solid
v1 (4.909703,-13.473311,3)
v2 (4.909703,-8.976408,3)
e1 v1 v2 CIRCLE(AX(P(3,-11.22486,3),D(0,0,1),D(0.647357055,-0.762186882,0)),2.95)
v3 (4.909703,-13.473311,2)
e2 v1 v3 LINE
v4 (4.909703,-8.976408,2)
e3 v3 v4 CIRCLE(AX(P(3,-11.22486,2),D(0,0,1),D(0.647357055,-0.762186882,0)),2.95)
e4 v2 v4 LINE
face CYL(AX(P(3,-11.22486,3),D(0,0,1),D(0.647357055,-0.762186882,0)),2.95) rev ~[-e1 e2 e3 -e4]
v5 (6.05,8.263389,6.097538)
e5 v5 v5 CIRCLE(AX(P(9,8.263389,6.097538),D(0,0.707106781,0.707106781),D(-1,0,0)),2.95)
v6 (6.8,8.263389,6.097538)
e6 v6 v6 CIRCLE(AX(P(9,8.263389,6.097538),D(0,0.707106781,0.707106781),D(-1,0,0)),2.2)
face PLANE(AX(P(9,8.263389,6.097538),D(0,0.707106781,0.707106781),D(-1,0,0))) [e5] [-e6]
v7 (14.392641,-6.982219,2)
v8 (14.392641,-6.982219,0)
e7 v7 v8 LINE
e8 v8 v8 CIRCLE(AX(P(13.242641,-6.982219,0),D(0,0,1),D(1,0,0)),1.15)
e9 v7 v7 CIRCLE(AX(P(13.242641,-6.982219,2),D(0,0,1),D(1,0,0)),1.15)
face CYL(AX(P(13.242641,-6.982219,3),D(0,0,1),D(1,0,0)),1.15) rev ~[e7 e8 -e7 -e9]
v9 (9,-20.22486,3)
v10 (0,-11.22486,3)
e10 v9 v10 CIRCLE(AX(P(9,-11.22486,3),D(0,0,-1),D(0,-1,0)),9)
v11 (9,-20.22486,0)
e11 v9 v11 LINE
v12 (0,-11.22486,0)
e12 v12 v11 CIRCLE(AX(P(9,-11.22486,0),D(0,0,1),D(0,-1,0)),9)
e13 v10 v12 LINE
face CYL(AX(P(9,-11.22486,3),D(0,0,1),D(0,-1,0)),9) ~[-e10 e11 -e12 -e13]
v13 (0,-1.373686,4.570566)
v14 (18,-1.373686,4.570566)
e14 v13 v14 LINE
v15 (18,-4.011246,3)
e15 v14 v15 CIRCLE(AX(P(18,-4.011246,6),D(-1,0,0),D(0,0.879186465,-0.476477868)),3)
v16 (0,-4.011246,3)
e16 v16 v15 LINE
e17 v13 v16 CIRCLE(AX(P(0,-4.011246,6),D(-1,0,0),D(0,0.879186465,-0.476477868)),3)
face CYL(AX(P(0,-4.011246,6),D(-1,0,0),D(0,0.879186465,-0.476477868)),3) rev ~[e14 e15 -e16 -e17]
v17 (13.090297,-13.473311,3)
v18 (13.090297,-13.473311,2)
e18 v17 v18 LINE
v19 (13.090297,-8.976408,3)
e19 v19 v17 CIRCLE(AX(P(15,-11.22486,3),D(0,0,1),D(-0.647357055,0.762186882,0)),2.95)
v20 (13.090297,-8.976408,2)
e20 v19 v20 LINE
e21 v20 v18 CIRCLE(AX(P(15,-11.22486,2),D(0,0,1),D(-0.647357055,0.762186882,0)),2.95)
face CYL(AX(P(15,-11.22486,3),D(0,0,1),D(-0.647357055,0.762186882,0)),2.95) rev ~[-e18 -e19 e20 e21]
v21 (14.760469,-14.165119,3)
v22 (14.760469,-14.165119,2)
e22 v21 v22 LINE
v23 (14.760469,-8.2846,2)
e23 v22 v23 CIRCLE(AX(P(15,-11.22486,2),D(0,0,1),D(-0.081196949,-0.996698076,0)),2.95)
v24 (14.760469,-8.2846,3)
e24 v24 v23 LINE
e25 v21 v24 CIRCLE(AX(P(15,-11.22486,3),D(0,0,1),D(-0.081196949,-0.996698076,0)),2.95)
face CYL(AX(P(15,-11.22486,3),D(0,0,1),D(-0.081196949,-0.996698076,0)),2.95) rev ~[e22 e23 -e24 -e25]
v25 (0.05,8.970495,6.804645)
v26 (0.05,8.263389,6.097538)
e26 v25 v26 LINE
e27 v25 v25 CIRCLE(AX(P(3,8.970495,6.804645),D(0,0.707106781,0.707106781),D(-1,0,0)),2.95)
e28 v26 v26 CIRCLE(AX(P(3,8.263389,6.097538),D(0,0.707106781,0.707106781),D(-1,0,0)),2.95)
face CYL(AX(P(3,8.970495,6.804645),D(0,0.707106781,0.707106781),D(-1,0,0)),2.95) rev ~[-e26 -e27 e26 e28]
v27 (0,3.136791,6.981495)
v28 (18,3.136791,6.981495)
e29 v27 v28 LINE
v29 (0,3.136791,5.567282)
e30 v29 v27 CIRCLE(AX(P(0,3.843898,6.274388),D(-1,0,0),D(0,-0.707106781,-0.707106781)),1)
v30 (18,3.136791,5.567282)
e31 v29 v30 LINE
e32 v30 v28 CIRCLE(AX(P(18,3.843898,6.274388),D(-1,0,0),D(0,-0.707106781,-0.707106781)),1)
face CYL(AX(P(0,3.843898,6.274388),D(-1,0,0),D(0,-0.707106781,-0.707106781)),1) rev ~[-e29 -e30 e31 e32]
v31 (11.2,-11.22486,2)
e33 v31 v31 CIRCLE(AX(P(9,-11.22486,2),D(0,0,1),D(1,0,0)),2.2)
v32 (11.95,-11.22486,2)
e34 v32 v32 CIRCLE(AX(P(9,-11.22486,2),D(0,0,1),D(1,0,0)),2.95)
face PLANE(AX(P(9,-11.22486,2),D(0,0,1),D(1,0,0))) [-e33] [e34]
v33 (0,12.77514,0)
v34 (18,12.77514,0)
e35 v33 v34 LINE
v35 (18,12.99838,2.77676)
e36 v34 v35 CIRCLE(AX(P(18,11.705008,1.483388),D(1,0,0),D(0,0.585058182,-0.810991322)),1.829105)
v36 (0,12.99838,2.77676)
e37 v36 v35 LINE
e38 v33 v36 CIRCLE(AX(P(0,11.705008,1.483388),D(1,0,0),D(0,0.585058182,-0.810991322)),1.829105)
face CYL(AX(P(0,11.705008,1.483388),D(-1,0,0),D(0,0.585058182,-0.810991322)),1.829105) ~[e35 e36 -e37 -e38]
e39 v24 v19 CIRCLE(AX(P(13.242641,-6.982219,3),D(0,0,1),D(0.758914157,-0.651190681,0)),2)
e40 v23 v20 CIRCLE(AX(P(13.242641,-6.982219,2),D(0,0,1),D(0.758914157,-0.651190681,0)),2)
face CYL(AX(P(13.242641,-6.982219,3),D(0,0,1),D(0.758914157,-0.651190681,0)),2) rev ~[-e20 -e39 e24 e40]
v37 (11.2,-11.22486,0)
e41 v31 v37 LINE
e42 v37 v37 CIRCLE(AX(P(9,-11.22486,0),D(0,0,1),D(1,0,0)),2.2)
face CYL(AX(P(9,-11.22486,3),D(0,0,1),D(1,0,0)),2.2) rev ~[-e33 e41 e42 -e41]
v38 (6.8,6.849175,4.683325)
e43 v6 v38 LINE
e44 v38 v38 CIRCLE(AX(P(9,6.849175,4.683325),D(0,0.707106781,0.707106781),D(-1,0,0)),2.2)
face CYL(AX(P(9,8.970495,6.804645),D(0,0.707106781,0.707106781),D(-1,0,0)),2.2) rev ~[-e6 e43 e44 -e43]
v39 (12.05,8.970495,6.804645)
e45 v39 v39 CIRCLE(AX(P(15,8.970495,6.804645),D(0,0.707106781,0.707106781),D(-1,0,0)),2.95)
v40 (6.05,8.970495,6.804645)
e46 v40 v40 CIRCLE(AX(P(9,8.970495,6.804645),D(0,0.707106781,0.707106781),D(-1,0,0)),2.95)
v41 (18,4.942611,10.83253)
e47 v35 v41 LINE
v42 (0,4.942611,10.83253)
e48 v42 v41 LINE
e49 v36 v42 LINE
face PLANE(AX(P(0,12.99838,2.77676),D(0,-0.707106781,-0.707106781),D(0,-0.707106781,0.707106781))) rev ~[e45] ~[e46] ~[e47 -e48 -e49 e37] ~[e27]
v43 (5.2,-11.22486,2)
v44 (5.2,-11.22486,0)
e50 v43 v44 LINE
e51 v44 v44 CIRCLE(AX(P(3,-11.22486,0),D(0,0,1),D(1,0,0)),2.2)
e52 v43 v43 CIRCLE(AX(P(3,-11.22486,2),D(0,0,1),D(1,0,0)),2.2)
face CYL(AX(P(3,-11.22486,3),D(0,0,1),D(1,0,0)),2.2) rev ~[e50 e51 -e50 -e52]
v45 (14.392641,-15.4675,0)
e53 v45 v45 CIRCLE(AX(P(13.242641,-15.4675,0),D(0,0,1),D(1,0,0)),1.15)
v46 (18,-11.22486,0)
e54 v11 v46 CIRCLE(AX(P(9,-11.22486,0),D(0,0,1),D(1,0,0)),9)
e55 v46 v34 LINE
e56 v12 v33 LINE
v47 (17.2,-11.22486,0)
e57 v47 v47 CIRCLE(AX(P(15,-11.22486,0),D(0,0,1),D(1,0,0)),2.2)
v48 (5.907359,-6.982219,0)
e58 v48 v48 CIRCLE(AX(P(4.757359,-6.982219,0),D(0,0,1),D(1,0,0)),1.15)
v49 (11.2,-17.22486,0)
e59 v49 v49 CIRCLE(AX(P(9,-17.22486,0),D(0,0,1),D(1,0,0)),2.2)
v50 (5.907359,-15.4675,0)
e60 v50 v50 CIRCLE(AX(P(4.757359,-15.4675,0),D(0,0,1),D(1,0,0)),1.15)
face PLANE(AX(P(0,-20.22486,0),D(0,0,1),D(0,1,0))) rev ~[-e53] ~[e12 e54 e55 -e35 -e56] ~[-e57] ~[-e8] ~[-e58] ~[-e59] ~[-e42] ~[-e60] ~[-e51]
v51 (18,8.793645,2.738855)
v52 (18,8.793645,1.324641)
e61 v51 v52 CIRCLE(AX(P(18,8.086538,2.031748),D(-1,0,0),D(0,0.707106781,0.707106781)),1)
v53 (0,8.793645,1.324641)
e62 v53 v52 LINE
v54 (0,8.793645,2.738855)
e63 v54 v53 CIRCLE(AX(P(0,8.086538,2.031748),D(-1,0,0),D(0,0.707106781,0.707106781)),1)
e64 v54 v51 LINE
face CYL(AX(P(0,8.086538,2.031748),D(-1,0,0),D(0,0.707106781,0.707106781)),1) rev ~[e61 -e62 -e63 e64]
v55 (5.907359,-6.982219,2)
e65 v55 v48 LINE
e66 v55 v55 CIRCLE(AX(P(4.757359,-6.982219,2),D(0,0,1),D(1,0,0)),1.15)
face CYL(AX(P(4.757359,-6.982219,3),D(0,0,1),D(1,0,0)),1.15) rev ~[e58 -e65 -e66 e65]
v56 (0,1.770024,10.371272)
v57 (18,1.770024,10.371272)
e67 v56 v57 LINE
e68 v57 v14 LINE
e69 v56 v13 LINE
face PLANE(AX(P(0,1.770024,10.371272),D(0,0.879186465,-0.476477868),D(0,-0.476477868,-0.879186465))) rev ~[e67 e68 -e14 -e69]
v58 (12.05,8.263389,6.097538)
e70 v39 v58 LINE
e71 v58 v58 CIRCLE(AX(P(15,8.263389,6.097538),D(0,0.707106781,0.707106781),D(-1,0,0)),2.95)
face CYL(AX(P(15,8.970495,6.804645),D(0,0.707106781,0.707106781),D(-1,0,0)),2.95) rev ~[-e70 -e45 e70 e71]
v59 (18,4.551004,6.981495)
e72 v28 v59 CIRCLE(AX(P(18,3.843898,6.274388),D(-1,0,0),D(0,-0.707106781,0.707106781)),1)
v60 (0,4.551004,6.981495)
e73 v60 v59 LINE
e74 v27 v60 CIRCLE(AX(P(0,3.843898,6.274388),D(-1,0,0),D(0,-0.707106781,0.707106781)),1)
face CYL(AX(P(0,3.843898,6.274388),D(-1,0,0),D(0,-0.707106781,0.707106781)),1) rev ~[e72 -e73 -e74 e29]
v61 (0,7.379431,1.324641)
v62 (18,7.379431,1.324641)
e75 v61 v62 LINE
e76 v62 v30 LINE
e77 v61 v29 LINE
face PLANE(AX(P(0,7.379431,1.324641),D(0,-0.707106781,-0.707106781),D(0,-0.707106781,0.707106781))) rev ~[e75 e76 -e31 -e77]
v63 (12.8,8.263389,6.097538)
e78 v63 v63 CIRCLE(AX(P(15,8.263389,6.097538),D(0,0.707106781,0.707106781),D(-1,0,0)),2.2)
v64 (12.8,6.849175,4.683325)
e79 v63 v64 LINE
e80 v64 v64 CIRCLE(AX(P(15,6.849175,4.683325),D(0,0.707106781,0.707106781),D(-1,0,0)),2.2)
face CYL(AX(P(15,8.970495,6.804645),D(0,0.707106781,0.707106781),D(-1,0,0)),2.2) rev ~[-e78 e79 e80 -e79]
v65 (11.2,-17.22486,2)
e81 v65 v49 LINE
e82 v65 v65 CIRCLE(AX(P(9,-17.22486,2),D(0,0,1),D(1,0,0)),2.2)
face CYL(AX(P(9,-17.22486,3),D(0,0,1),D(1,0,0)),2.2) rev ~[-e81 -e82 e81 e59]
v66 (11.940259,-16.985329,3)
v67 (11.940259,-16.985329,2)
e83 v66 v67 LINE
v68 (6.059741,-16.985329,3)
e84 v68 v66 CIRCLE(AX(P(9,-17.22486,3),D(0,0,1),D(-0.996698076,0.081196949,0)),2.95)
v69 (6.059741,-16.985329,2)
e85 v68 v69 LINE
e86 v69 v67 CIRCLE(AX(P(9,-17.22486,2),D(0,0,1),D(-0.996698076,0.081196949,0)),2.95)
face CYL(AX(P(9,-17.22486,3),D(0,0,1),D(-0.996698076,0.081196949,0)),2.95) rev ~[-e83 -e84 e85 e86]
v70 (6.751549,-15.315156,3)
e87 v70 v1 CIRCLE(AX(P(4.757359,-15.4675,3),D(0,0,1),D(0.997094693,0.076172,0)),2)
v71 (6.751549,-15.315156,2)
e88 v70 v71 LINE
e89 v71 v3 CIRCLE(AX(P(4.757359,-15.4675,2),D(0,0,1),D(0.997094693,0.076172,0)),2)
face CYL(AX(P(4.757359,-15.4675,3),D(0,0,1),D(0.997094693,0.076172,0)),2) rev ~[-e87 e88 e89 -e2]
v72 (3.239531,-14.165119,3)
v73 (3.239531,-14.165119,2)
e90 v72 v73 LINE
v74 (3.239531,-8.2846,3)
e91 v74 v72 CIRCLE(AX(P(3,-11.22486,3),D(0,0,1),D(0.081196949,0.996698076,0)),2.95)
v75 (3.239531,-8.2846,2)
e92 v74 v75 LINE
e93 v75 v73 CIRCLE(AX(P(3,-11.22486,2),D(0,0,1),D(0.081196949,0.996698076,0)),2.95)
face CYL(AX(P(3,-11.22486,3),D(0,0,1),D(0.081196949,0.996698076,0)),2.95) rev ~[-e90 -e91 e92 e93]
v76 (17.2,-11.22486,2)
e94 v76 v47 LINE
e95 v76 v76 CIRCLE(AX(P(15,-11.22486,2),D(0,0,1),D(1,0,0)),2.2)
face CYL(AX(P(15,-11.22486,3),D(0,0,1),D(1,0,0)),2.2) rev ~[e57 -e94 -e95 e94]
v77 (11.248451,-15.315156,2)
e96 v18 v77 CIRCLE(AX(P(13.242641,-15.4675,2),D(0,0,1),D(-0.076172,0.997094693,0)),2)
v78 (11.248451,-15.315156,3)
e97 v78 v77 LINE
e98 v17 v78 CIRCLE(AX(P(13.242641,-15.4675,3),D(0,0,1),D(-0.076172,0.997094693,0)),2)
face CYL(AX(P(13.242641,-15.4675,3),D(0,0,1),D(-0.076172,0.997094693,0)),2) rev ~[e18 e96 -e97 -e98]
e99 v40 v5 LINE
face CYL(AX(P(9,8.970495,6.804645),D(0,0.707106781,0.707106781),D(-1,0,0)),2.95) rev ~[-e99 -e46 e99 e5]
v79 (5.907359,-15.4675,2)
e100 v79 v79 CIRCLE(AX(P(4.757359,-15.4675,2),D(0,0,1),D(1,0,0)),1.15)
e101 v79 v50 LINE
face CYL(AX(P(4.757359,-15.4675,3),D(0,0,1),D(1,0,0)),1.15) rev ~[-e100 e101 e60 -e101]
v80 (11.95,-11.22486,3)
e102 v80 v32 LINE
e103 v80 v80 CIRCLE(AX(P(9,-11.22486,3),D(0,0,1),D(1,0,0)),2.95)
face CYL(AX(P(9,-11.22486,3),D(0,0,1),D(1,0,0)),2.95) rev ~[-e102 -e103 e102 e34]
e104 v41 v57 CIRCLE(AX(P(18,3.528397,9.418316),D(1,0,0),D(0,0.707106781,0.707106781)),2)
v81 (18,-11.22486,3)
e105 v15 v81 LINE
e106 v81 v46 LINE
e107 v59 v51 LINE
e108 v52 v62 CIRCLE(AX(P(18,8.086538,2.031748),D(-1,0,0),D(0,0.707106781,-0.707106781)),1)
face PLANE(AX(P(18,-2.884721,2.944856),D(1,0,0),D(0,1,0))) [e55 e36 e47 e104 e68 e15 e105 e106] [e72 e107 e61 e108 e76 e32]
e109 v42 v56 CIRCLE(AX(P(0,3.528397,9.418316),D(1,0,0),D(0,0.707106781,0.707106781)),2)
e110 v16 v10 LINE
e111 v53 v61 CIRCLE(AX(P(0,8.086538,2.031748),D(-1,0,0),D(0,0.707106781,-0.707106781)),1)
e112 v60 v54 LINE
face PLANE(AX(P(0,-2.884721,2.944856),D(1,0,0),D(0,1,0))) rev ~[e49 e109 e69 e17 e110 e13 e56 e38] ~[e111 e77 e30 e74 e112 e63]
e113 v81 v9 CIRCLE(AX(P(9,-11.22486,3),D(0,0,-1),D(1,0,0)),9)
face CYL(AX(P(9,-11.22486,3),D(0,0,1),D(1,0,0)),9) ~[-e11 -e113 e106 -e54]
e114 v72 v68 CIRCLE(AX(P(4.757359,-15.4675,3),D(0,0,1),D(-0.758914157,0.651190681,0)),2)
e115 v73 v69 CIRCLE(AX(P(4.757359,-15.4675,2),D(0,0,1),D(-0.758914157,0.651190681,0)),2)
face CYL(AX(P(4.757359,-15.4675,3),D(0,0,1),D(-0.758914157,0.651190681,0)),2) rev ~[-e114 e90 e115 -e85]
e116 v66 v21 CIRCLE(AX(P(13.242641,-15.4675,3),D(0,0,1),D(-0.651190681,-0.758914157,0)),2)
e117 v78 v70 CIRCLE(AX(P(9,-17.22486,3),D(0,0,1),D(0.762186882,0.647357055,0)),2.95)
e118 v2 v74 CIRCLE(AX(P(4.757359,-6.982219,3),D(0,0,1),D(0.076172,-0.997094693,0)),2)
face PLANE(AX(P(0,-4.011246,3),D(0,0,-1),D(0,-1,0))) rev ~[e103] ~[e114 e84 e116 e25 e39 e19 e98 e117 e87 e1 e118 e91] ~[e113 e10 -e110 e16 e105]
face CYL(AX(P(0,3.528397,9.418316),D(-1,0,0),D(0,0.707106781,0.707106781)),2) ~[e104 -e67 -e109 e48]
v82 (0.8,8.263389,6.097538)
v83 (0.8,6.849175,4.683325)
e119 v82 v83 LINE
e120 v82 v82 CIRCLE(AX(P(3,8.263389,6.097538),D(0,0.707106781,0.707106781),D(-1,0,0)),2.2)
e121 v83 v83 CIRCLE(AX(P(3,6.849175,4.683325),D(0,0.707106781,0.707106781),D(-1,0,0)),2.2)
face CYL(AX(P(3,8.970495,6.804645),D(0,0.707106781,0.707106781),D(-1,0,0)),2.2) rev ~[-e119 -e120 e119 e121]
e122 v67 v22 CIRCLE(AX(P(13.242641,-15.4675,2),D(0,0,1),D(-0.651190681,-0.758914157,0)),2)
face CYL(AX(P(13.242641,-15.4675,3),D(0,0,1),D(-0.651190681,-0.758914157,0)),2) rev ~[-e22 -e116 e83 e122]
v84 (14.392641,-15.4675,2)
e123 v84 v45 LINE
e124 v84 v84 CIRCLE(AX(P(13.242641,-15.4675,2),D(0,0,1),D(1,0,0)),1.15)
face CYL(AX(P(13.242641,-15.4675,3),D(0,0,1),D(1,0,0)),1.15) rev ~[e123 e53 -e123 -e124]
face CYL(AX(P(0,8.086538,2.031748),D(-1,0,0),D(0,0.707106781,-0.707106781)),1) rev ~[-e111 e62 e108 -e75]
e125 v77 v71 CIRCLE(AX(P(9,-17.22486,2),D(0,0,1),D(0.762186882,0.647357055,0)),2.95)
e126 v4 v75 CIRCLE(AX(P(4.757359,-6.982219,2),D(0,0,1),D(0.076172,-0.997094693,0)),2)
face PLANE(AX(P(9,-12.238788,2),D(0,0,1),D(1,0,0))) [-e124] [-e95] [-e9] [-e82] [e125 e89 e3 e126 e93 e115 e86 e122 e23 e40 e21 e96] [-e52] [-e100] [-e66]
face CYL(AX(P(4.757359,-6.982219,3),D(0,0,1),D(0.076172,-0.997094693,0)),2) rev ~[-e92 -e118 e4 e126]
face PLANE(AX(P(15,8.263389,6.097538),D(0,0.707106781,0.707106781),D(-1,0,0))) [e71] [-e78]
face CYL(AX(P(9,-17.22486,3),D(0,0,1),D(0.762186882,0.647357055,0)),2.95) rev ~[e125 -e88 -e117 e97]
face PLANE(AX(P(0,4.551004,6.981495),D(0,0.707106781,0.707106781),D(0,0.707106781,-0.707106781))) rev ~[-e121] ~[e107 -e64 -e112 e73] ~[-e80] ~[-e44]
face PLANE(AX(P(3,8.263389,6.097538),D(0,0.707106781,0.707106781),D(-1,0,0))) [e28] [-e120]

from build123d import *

# Parameters (mm, degrees)
F1_DEPTH = 18
F2_R     = 2.2
F2_R_2   = 1.15
F3_DEPTH = 3.001
F2_R_3   = 2.95
F4_DEPTH = 1
F5_R     = 2.2
F6_DEPTH = 3
F5_R_2   = 2.95
F7_DEPTH = 1


with BuildPart() as f1:
    # F0 (on Right) → F1 (new body)
    with BuildSketch(Plane.YZ):
        with BuildLine():
            Line((-20.2248597033, 3), (-20.2248597033, 0))
            Line((-20.2248597033, 0), (12.7751402967, 0))
            ThreePointArc((12.7751402967, 0), (13.5282296336, 1.3368087613), (12.9983799607, 2.776760336))
            Line((12.9983799607, 2.776760336), (4.9426106974, 10.8325295992))
            ThreePointArc((4.9426106974, 10.8325295992), (3.2406453095, 11.3975075099), (1.7700242043, 10.3712717737))
            Line((1.7700242043, 10.3712717737), (-1.373686309, 4.5705663947))
            ThreePointArc((-1.373686309, 4.5705663947), (-2.4763679927, 3.4223750451), (-4.0112457051, 3))
            Line((-4.0112457051, 3), (-20.2248597033, 3))
        make_face()
        with BuildLine():
            Line((4.5510043656, 6.9814952439), (8.7936450527, 2.7388545568))
            ThreePointArc((8.7936450527, 2.7388545568), (9.0865382716, 2.0317477756), (8.7936450527, 1.3246409944))
            ThreePointArc((8.7936450527, 1.3246409944), (8.0865382716, 1.0317477756), (7.3794314904, 1.3246409944))
            Line((7.3794314904, 1.3246409944), (3.1367908032, 5.5672816816))
            ThreePointArc((3.1367908032, 5.5672816816), (2.8438975844, 6.2743884627), (3.1367908032, 6.9814952439))
            ThreePointArc((3.1367908032, 6.9814952439), (3.8438975844, 7.2743884627), (4.5510043656, 6.9814952439))
        make_face(mode=Mode.SUBTRACT)
    extrude(amount=F1_DEPTH)

    # F2 (on face) → F3 (cut, through all)
    with BuildSketch(Plane.XY.offset(3)):
        with Locations((9, -11.2248597033)):
            Circle(F2_R)
        with Locations((3, -11.2248597033)):
            Circle(F2_R)
        with Locations((4.7573593129, -6.9822190162)):
            Circle(F2_R_2)
        with Locations((4.7573593129, -15.4675003905)):
            Circle(F2_R_2)
        with Locations((9, -17.2248597033)):
            Circle(F2_R)
        with Locations((13.2426406871, -15.4675003905)):
            Circle(F2_R_2)
        with Locations((15, -11.2248597033)):
            Circle(F2_R)
        with Locations((13.2426406871, -6.9822190162)):
            Circle(F2_R_2)
        with BuildLine():
            ThreePointArc((9, -20.2248597033), (2.6360389693, -17.588820734), (0, -11.2248597033))
            Line((0, -11.2248597033), (0, -20.2248597033))
            Line((0, -20.2248597033), (9, -20.2248597033))
        make_face()
        with BuildLine():
            ThreePointArc((18, -11.2248597033), (15.3639610307, -17.588820734), (9, -20.2248597033))
            Line((9, -20.2248597033), (18, -20.2248597033))
            Line((18, -20.2248597033), (18, -11.2248597033))
        make_face()
    extrude(amount=-F3_DEPTH, mode=Mode.SUBTRACT)

    # F2 (on face) → F4 (cut)
    with BuildSketch(Plane.XY.offset(3)):
        with BuildLine():
            ThreePointArc((4.9097033132, -8.9764084018), (5.5227261776, -5.1344599512), (3.2395309996, -8.284600378))
            ThreePointArc((3.2395309996, -8.284600378), (0.05, -11.2248597033), (3.2395309996, -14.1651190287))
            ThreePointArc((3.2395309996, -14.1651190287), (3.3431457505, -16.8817139528), (6.0597406747, -16.9853287037))
            ThreePointArc((6.0597406747, -16.9853287037), (9, -20.1748597033), (11.9402593253, -16.9853287037))
            ThreePointArc((11.9402593253, -16.9853287037), (14.6568542495, -16.8817139528), (14.7604690004, -14.1651190287))
            ThreePointArc((14.7604690004, -14.1651190287), (17.95, -11.2248597033), (14.7604690004, -8.284600378))
            ThreePointArc((14.7604690004, -8.284600378), (12.4772738224, -5.1344599512), (13.0902966868, -8.9764084018))
            ThreePointArc((13.0902966868, -8.9764084018), (12.05, -11.2248597033), (13.0902966868, -13.4733110049))
            ThreePointArc((13.0902966868, -13.4733110049), (11.8284271247, -14.0532868281), (11.2484513015, -15.3151563901))
            ThreePointArc((11.2484513015, -15.3151563901), (9, -14.2748597033), (6.7515486985, -15.3151563901))
            ThreePointArc((6.7515486985, -15.3151563901), (6.1715728753, -14.0532868281), (4.9097033132, -13.4733110049))
            ThreePointArc((4.9097033132, -13.4733110049), (5.95, -11.2248597033), (4.9097033132, -8.9764084018))
        make_face()
        with Locations((4.7573593129, -15.4675003905)):
            Circle(F2_R_2, mode=Mode.SUBTRACT)
        with Locations((9, -17.2248597033)):
            Circle(F2_R, mode=Mode.SUBTRACT)
        with Locations((13.2426406871, -15.4675003905)):
            Circle(F2_R_2, mode=Mode.SUBTRACT)
        with Locations((3, -11.2248597033)):
            Circle(F2_R, mode=Mode.SUBTRACT)
        with Locations((4.7573593129, -6.9822190162)):
            Circle(F2_R_2, mode=Mode.SUBTRACT)
        with Locations((15, -11.2248597033)):
            Circle(F2_R, mode=Mode.SUBTRACT)
        with Locations((13.2426406871, -6.9822190162)):
            Circle(F2_R_2, mode=Mode.SUBTRACT)
        with Locations((9, -11.2248597033)):
            Circle(F2_R_3)
        with Locations((9, -11.2248597033)):
            Circle(F2_R, mode=Mode.SUBTRACT)
    extrude(amount=-F4_DEPTH, mode=Mode.SUBTRACT)

    # F5 (on face) → F6 (cut, through all)
    with BuildSketch(Plane(origin=(0, 7.8875701483, 7.8875701483), x_dir=(-1, 0, 0), z_dir=(0, 0.7071067812, 0.7071067812))):
        with Locations((-15, -1.5314874776)):
            Circle(F5_R)
        with Locations((-9, -1.5314874776)):
            Circle(F5_R)
        with Locations((-3, -1.5314874776)):
            Circle(F5_R)
    extrude(amount=-F6_DEPTH, mode=Mode.SUBTRACT)

    # F5 (on face) → F7 (cut)
    with BuildSketch(Plane(origin=(0, 7.8875701483, 7.8875701483), x_dir=(-1, 0, 0), z_dir=(0, 0.7071067812, 0.7071067812))):
        with Locations((-15, -1.5314874776)):
            Circle(F5_R_2)
        with Locations((-15, -1.5314874776)):
            Circle(F5_R, mode=Mode.SUBTRACT)
        with Locations((-9, -1.5314874776)):
            Circle(F5_R_2)
        with Locations((-9, -1.5314874776)):
            Circle(F5_R, mode=Mode.SUBTRACT)
        with Locations((-3, -1.5314874776)):
            Circle(F5_R_2)
        with Locations((-3, -1.5314874776)):
            Circle(F5_R, mode=Mode.SUBTRACT)
    extrude(amount=-F7_DEPTH, mode=Mode.SUBTRACT)


solid = f1.part
